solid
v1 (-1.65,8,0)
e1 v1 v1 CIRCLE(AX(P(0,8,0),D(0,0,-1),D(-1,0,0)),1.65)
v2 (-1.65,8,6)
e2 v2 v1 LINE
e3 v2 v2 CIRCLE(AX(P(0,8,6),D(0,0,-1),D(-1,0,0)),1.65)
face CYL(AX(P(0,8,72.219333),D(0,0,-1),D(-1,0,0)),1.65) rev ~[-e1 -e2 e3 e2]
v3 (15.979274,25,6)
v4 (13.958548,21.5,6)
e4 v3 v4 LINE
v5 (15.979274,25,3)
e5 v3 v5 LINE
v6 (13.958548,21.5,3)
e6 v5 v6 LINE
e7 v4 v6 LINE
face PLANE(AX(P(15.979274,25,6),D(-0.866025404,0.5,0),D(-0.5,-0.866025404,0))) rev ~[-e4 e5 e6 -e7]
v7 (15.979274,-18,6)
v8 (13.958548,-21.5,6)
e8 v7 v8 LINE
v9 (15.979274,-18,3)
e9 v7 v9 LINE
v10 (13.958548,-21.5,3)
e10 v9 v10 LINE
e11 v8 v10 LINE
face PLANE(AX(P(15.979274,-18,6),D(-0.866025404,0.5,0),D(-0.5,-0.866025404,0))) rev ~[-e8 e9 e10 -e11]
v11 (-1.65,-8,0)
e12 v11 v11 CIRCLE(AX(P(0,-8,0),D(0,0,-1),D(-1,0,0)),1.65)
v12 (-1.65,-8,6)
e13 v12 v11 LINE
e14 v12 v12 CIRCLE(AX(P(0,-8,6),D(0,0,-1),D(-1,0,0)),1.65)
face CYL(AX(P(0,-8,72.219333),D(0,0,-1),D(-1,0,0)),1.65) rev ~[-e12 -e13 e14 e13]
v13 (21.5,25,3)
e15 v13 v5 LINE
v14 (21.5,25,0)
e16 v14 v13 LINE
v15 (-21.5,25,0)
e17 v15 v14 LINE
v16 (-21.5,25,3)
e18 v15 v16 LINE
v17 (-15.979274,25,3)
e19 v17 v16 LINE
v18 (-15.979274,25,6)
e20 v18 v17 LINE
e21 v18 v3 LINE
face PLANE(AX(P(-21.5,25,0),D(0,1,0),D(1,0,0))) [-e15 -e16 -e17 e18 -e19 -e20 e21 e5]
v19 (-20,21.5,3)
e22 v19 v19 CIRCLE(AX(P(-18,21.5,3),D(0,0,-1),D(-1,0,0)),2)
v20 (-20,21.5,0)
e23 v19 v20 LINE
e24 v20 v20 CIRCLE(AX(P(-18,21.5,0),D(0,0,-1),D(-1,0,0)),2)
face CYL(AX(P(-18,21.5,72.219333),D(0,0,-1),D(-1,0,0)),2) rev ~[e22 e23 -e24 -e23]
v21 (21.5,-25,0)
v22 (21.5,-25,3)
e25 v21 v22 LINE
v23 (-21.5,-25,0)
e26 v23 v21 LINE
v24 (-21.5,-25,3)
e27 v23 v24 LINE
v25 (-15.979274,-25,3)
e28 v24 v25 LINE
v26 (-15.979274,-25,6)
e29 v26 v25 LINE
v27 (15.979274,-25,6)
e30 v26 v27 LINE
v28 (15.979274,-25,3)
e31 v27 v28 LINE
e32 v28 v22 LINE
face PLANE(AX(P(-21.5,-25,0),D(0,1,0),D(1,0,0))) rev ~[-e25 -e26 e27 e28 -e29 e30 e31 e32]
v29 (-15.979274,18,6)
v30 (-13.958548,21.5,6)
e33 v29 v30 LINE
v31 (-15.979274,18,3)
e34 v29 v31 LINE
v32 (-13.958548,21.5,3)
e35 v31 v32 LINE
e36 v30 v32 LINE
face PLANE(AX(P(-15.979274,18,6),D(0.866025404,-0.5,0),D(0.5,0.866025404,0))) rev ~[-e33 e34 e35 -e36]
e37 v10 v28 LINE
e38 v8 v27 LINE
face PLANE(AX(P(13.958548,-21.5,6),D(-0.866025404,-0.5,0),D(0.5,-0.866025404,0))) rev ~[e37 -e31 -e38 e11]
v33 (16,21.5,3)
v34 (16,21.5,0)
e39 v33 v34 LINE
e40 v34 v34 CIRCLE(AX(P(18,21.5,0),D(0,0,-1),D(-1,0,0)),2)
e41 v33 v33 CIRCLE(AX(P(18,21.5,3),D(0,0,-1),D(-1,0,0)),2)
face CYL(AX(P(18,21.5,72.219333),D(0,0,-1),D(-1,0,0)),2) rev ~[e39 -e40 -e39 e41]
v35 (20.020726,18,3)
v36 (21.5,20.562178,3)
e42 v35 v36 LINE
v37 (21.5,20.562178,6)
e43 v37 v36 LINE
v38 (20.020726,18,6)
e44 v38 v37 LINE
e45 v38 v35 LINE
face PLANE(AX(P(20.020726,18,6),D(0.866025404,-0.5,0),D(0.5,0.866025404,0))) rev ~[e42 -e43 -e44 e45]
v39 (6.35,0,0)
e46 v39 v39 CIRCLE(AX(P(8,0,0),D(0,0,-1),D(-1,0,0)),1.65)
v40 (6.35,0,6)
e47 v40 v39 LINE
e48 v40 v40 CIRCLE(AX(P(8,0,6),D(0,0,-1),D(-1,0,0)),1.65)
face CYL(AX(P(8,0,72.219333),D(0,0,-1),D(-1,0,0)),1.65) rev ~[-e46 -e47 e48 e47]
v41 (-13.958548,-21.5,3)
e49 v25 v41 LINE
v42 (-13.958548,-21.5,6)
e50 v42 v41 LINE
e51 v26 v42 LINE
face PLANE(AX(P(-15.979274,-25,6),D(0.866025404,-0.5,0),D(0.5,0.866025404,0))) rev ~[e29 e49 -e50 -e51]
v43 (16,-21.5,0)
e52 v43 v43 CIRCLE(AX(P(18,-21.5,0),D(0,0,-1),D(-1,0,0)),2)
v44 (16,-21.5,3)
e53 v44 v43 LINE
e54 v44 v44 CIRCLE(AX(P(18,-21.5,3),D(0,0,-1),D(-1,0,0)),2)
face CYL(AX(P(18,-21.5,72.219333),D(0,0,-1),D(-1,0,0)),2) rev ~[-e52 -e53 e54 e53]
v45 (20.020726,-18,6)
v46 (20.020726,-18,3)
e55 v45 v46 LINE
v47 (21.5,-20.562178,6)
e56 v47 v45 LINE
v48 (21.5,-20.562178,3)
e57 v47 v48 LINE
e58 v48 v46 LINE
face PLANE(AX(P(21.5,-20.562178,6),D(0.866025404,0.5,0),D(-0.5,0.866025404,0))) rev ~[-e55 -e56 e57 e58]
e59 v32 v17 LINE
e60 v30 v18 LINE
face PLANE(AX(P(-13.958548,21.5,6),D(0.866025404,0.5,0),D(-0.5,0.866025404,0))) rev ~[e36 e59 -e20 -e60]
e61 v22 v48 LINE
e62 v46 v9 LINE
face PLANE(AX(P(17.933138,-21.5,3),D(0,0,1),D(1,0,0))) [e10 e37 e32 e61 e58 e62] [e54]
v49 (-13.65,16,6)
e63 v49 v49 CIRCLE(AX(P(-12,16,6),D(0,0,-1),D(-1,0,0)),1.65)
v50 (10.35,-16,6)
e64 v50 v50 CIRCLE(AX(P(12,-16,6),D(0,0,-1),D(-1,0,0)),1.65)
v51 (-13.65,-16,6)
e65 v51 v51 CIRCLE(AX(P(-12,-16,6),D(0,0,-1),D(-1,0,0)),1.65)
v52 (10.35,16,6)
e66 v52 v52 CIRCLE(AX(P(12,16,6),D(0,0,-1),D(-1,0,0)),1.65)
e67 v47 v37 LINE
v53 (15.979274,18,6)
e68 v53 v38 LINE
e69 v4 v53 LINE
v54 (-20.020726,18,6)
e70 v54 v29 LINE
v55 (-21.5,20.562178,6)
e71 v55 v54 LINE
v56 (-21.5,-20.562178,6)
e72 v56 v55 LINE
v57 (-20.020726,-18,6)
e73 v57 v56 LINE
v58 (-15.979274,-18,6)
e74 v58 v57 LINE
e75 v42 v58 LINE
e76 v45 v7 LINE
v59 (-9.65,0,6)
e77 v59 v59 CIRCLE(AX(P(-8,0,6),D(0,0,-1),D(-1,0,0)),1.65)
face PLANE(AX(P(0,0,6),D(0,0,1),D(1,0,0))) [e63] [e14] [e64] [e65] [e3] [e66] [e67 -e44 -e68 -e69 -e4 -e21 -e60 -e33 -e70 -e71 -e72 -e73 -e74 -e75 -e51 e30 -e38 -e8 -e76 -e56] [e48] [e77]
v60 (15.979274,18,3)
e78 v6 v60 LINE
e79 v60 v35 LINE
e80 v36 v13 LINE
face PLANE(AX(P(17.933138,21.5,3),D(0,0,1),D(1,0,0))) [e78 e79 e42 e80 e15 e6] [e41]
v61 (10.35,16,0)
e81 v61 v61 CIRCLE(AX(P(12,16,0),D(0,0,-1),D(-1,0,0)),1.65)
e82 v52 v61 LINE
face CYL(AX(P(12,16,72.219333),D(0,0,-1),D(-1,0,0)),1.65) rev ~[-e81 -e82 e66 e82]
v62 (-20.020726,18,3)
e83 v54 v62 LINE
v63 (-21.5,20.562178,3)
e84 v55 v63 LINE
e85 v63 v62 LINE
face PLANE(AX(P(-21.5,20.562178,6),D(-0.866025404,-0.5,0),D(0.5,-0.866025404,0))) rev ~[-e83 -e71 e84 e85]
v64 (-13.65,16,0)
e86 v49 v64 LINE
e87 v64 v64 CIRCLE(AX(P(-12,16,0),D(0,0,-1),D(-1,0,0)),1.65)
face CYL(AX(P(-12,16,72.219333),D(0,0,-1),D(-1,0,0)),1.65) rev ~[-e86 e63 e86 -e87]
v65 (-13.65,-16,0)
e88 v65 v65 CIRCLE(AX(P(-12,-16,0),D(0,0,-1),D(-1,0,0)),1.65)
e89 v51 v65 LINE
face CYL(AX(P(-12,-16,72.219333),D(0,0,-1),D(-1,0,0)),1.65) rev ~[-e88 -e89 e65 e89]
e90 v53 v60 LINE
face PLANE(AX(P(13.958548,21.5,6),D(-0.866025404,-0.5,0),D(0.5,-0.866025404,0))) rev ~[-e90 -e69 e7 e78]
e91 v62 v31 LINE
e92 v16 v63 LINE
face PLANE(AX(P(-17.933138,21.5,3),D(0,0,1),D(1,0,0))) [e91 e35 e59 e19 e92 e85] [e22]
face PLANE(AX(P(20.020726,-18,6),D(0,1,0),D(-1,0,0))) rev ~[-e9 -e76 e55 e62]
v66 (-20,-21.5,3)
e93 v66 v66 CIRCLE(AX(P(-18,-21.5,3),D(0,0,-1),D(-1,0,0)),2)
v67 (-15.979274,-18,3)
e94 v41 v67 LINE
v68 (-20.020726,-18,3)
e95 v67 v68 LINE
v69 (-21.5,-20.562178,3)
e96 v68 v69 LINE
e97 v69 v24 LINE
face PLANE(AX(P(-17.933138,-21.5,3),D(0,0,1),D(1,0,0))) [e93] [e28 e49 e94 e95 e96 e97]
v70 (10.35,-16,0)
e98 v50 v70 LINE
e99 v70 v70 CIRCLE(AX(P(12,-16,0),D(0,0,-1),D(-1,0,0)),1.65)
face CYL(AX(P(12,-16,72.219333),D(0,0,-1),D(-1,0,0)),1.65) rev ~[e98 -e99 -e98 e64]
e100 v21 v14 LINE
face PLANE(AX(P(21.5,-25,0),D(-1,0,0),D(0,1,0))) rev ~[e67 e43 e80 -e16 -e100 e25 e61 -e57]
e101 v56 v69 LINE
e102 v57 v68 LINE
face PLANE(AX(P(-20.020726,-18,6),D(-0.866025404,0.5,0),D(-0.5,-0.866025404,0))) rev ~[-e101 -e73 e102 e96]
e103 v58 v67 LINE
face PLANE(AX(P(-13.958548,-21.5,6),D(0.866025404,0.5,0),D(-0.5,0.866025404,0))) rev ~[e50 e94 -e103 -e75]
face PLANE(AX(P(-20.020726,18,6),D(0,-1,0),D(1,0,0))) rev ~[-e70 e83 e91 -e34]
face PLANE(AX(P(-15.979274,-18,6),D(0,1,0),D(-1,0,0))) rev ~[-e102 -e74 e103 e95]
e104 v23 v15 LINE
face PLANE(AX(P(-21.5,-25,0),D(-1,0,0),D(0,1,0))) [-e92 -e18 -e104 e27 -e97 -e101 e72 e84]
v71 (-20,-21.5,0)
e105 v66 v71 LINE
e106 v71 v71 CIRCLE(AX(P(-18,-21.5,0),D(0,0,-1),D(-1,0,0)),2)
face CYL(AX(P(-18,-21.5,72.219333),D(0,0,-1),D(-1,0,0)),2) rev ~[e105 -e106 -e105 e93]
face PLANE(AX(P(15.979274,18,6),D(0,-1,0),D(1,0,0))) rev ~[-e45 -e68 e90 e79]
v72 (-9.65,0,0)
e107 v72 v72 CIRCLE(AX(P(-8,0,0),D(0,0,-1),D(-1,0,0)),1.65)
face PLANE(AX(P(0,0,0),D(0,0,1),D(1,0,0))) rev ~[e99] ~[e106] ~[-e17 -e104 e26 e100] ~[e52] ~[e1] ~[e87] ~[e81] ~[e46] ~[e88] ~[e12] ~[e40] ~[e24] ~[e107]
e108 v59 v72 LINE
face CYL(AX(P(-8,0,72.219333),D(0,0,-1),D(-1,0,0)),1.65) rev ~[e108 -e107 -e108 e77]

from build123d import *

# Parameters (mm, degrees)
F0_W     = 43
F0_H     = 50
F1_DEPTH = 6
F3_D     = 3.3
F4_DEPTH = 3
F5_D     = 4


with BuildPart() as f1:
    # F0 (on Top) → F1 (new body)
    with BuildSketch(Plane.XY):
        Rectangle(F0_W, F0_H)
    extrude(amount=F1_DEPTH)

    # F3 (through all)
    with Locations(Plane.XY.offset(6)):
        with Locations((-8, 0), (8, 0), (0, 8), (0, -8), (-12, 16), (-12, -16), (12, -16), (12, 16)):
            Hole(F3_D / 2)

    # F2 (on face) → F4 (cut)
    with BuildSketch(Plane.XY.offset(6)):
        Polygon((-20.0207259422, -25), (-15.9792740578, -25), (-13.9585481157, -21.5), (-15.9792740578, -18), (-20.0207259422, -18), (-21.5, -20.5621778265), (-21.5, -22.4378221735), align=None)
        Polygon((-21.5, -25), (-20.0207259422, -25), (-21.5, -22.4378221735), align=None)
        Polygon((13.9585481157, -21.5), (15.9792740578, -25), (20.0207259422, -25), (21.5, -22.4378221735), (21.5, -20.5621778265), (20.0207259422, -18), (15.9792740578, -18), align=None)
        Polygon((21.5, -22.4378221735), (20.0207259422, -25), (21.5, -25), align=None)
        Polygon((20.0207259422, 18), (21.5, 20.5621778265), (21.5, 22.4378221735), (20.0207259422, 25), (15.9792740578, 25), (13.9585481157, 21.5), (15.9792740578, 18), align=None)
        Polygon((20.0207259422, 25), (21.5, 22.4378221735), (21.5, 25), align=None)
        Polygon((-21.5, 22.4378221735), (-21.5, 20.5621778265), (-20.0207259422, 18), (-15.9792740578, 18), (-13.9585481157, 21.5), (-15.9792740578, 25), (-20.0207259422, 25), align=None)
        Polygon((-21.5, 25), (-21.5, 22.4378221735), (-20.0207259422, 25), align=None)
    extrude(amount=-F4_DEPTH, mode=Mode.SUBTRACT)

    # F5 (through all)
    with Locations(Plane.XY.offset(6)):
        with Locations((-18, -21.5), (18, -21.5), (18, 21.5), (-18, 21.5)):
            Hole(F5_D / 2)


solid = f1.part
